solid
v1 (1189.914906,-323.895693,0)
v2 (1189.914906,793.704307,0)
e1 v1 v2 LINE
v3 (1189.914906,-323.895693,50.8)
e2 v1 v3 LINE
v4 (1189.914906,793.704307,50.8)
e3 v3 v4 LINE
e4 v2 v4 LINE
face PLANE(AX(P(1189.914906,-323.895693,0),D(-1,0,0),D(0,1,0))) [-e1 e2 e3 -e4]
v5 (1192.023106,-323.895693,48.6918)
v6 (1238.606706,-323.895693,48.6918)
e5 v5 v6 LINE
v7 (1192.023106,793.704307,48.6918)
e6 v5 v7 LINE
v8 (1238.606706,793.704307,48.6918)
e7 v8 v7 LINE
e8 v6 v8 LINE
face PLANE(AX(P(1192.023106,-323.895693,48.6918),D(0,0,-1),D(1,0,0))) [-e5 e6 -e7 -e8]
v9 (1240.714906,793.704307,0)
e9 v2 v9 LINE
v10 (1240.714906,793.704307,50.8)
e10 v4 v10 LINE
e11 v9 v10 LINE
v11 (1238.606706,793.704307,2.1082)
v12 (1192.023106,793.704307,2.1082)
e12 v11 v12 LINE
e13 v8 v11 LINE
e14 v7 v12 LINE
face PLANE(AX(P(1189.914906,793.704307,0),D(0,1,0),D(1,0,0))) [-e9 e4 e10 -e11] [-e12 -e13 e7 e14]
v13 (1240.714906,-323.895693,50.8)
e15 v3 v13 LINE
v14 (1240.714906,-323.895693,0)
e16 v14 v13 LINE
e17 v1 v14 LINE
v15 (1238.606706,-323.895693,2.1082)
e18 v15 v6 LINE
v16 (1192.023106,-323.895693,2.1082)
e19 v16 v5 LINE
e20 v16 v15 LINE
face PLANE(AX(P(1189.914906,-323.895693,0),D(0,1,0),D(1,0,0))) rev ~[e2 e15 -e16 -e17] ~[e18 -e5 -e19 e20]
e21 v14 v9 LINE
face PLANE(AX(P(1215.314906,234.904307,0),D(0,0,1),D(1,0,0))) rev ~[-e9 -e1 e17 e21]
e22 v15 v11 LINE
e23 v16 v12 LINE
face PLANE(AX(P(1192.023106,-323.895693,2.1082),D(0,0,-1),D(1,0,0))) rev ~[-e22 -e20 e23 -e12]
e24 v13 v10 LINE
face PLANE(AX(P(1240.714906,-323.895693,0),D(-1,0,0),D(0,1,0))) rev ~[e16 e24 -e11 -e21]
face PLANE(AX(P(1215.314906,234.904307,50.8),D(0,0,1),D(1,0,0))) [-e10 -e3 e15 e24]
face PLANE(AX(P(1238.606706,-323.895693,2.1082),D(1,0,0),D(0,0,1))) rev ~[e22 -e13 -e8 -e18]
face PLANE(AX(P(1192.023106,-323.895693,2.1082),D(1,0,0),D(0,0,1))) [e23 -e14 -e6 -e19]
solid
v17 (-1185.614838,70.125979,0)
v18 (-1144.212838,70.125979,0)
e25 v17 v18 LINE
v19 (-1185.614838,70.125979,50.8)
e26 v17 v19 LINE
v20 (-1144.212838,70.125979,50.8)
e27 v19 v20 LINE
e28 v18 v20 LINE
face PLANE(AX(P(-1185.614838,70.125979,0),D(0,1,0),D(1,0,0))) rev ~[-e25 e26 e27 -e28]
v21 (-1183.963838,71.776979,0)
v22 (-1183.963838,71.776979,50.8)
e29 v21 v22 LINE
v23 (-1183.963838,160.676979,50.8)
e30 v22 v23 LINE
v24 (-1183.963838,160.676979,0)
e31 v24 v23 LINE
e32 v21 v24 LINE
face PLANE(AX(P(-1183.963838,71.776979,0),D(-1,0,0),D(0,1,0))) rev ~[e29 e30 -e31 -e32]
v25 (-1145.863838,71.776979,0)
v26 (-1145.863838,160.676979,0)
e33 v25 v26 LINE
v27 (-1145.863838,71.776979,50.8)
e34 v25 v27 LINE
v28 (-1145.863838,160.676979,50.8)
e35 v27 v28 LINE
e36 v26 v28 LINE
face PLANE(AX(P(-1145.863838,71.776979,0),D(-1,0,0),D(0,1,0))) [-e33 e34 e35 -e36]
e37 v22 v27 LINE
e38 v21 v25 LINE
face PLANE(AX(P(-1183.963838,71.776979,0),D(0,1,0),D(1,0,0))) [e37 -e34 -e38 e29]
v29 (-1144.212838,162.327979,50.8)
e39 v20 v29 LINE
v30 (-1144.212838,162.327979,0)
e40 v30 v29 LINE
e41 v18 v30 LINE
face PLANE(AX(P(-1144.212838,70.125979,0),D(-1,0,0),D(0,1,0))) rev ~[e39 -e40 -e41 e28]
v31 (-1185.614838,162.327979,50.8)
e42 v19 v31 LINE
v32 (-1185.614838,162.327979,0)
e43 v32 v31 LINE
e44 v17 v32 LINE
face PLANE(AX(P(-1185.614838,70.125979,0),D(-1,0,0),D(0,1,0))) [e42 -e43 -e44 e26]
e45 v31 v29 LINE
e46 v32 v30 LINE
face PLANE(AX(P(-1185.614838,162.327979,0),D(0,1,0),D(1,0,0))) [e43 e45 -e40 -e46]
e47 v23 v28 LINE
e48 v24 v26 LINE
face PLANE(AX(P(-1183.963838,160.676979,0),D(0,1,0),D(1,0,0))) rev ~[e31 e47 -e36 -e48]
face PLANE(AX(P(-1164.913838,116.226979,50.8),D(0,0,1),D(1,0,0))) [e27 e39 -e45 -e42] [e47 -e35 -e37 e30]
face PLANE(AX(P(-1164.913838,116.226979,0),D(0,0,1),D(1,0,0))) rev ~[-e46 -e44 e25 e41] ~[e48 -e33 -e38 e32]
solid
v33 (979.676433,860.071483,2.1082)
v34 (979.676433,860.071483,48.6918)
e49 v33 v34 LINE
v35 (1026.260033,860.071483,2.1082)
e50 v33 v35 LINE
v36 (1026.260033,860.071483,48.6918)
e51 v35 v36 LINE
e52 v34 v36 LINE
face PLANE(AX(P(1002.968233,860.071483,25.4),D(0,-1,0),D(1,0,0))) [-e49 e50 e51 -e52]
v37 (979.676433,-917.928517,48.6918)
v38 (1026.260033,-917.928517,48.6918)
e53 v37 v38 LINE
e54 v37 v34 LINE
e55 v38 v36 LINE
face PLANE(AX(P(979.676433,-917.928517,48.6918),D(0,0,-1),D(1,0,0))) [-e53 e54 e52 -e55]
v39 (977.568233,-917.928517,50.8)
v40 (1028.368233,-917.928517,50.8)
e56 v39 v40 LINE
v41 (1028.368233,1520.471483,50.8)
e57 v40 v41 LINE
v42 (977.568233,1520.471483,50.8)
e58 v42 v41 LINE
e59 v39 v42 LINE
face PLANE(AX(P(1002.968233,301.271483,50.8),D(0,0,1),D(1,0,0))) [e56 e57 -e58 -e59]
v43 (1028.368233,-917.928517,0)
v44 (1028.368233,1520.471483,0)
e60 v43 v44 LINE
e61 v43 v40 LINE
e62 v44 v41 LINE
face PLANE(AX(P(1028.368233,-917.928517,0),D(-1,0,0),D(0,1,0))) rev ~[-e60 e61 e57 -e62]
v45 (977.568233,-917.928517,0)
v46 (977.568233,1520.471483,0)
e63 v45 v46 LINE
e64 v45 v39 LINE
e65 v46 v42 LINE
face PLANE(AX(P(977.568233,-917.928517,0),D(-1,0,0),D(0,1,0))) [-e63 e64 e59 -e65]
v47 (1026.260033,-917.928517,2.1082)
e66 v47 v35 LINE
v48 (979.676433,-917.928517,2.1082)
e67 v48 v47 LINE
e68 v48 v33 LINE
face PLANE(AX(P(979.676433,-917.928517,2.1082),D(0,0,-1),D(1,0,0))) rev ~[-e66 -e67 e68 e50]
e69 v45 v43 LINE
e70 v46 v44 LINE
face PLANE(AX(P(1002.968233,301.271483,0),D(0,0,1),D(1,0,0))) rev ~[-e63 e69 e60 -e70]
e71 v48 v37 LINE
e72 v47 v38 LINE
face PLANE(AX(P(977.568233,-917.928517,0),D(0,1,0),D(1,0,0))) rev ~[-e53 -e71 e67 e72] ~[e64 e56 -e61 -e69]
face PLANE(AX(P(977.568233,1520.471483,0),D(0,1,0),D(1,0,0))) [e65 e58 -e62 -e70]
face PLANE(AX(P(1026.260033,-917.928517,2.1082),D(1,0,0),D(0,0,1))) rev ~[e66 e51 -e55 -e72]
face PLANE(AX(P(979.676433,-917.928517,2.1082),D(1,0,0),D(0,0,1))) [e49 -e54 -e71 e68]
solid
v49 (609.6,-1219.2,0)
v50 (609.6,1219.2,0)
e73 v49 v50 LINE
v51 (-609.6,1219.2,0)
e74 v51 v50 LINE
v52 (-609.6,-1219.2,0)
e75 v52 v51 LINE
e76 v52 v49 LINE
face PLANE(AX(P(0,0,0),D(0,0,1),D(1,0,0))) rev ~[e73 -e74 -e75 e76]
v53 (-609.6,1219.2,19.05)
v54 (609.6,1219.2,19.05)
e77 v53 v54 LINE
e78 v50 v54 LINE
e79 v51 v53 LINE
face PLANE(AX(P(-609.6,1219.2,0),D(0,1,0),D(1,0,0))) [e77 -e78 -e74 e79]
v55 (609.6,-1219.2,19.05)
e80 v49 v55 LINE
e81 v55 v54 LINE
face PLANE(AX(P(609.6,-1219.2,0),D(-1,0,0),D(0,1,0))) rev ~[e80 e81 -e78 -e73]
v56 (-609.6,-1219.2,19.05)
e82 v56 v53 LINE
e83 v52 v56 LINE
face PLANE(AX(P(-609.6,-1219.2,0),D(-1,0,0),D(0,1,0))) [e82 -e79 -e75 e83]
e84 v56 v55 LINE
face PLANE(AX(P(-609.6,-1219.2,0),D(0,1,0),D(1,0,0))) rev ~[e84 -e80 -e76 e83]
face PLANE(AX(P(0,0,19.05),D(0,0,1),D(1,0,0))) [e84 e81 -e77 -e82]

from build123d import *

# Parameters (mm, degrees)
F0_W     = 1219.2
F0_H     = 2438.4
F1_DEPTH = 19.05
F2_W     = 41.402
F2_H     = 92.202
F2_W_2   = 38.1
F2_H_2   = 88.9
F3_DEPTH = 50.8
F4_W     = 50.8
F4_H     = 2438.4
F4_H_2   = 1117.6
F5_DEPTH = 50.8
F6_W     = 46.5836
F6_H     = 46.5836
F7_DEPTH = 1778
F8_W     = 46.5836
F8_H     = 46.5836
F9_DEPTH = 1244.6


with BuildPart() as f1:
    # F0 (on Top) → F1 (new body)
    with BuildSketch(Plane.XY):
        Rectangle(F0_W, F0_H)
    extrude(amount=F1_DEPTH)


with BuildPart() as f3:
    # F2 (on Top) → F3 (new body)
    with BuildSketch(Plane.XY):
        with Locations((-1164.913838, 116.226979)):
            Rectangle(F2_W, F2_H)
        with Locations((-1164.913838, 116.226979)):
            Rectangle(F2_W_2, F2_H_2, mode=Mode.SUBTRACT)
    extrude(amount=F3_DEPTH)


with BuildPart() as f5:
    # F4 (on Top) → F5 (new body)
    with BuildSketch(Plane.XY):
        with Locations((1002.968233, 301.271483)):
            Rectangle(F4_W, F4_H)
        with Locations((1215.314906, 234.904307)):
            Rectangle(F4_W, F4_H_2)
    extrude(amount=F5_DEPTH)

    # F6 (on face) → F7 (cut)
    with BuildSketch(Plane.XZ.offset(917.928517)):
        with Locations((1002.968233, 25.4)):
            Rectangle(F6_W, F6_H)
    extrude(amount=-F7_DEPTH, mode=Mode.SUBTRACT)

    # F8 (on face) → F9 (cut)
    with BuildSketch(Plane.XZ.offset(323.895693)):
        with Locations((1215.314906, 25.4)):
            Rectangle(F8_W, F8_H)
    extrude(amount=-F9_DEPTH, mode=Mode.SUBTRACT)


solid = Compound([f1.part, f3.part, f5.part])
